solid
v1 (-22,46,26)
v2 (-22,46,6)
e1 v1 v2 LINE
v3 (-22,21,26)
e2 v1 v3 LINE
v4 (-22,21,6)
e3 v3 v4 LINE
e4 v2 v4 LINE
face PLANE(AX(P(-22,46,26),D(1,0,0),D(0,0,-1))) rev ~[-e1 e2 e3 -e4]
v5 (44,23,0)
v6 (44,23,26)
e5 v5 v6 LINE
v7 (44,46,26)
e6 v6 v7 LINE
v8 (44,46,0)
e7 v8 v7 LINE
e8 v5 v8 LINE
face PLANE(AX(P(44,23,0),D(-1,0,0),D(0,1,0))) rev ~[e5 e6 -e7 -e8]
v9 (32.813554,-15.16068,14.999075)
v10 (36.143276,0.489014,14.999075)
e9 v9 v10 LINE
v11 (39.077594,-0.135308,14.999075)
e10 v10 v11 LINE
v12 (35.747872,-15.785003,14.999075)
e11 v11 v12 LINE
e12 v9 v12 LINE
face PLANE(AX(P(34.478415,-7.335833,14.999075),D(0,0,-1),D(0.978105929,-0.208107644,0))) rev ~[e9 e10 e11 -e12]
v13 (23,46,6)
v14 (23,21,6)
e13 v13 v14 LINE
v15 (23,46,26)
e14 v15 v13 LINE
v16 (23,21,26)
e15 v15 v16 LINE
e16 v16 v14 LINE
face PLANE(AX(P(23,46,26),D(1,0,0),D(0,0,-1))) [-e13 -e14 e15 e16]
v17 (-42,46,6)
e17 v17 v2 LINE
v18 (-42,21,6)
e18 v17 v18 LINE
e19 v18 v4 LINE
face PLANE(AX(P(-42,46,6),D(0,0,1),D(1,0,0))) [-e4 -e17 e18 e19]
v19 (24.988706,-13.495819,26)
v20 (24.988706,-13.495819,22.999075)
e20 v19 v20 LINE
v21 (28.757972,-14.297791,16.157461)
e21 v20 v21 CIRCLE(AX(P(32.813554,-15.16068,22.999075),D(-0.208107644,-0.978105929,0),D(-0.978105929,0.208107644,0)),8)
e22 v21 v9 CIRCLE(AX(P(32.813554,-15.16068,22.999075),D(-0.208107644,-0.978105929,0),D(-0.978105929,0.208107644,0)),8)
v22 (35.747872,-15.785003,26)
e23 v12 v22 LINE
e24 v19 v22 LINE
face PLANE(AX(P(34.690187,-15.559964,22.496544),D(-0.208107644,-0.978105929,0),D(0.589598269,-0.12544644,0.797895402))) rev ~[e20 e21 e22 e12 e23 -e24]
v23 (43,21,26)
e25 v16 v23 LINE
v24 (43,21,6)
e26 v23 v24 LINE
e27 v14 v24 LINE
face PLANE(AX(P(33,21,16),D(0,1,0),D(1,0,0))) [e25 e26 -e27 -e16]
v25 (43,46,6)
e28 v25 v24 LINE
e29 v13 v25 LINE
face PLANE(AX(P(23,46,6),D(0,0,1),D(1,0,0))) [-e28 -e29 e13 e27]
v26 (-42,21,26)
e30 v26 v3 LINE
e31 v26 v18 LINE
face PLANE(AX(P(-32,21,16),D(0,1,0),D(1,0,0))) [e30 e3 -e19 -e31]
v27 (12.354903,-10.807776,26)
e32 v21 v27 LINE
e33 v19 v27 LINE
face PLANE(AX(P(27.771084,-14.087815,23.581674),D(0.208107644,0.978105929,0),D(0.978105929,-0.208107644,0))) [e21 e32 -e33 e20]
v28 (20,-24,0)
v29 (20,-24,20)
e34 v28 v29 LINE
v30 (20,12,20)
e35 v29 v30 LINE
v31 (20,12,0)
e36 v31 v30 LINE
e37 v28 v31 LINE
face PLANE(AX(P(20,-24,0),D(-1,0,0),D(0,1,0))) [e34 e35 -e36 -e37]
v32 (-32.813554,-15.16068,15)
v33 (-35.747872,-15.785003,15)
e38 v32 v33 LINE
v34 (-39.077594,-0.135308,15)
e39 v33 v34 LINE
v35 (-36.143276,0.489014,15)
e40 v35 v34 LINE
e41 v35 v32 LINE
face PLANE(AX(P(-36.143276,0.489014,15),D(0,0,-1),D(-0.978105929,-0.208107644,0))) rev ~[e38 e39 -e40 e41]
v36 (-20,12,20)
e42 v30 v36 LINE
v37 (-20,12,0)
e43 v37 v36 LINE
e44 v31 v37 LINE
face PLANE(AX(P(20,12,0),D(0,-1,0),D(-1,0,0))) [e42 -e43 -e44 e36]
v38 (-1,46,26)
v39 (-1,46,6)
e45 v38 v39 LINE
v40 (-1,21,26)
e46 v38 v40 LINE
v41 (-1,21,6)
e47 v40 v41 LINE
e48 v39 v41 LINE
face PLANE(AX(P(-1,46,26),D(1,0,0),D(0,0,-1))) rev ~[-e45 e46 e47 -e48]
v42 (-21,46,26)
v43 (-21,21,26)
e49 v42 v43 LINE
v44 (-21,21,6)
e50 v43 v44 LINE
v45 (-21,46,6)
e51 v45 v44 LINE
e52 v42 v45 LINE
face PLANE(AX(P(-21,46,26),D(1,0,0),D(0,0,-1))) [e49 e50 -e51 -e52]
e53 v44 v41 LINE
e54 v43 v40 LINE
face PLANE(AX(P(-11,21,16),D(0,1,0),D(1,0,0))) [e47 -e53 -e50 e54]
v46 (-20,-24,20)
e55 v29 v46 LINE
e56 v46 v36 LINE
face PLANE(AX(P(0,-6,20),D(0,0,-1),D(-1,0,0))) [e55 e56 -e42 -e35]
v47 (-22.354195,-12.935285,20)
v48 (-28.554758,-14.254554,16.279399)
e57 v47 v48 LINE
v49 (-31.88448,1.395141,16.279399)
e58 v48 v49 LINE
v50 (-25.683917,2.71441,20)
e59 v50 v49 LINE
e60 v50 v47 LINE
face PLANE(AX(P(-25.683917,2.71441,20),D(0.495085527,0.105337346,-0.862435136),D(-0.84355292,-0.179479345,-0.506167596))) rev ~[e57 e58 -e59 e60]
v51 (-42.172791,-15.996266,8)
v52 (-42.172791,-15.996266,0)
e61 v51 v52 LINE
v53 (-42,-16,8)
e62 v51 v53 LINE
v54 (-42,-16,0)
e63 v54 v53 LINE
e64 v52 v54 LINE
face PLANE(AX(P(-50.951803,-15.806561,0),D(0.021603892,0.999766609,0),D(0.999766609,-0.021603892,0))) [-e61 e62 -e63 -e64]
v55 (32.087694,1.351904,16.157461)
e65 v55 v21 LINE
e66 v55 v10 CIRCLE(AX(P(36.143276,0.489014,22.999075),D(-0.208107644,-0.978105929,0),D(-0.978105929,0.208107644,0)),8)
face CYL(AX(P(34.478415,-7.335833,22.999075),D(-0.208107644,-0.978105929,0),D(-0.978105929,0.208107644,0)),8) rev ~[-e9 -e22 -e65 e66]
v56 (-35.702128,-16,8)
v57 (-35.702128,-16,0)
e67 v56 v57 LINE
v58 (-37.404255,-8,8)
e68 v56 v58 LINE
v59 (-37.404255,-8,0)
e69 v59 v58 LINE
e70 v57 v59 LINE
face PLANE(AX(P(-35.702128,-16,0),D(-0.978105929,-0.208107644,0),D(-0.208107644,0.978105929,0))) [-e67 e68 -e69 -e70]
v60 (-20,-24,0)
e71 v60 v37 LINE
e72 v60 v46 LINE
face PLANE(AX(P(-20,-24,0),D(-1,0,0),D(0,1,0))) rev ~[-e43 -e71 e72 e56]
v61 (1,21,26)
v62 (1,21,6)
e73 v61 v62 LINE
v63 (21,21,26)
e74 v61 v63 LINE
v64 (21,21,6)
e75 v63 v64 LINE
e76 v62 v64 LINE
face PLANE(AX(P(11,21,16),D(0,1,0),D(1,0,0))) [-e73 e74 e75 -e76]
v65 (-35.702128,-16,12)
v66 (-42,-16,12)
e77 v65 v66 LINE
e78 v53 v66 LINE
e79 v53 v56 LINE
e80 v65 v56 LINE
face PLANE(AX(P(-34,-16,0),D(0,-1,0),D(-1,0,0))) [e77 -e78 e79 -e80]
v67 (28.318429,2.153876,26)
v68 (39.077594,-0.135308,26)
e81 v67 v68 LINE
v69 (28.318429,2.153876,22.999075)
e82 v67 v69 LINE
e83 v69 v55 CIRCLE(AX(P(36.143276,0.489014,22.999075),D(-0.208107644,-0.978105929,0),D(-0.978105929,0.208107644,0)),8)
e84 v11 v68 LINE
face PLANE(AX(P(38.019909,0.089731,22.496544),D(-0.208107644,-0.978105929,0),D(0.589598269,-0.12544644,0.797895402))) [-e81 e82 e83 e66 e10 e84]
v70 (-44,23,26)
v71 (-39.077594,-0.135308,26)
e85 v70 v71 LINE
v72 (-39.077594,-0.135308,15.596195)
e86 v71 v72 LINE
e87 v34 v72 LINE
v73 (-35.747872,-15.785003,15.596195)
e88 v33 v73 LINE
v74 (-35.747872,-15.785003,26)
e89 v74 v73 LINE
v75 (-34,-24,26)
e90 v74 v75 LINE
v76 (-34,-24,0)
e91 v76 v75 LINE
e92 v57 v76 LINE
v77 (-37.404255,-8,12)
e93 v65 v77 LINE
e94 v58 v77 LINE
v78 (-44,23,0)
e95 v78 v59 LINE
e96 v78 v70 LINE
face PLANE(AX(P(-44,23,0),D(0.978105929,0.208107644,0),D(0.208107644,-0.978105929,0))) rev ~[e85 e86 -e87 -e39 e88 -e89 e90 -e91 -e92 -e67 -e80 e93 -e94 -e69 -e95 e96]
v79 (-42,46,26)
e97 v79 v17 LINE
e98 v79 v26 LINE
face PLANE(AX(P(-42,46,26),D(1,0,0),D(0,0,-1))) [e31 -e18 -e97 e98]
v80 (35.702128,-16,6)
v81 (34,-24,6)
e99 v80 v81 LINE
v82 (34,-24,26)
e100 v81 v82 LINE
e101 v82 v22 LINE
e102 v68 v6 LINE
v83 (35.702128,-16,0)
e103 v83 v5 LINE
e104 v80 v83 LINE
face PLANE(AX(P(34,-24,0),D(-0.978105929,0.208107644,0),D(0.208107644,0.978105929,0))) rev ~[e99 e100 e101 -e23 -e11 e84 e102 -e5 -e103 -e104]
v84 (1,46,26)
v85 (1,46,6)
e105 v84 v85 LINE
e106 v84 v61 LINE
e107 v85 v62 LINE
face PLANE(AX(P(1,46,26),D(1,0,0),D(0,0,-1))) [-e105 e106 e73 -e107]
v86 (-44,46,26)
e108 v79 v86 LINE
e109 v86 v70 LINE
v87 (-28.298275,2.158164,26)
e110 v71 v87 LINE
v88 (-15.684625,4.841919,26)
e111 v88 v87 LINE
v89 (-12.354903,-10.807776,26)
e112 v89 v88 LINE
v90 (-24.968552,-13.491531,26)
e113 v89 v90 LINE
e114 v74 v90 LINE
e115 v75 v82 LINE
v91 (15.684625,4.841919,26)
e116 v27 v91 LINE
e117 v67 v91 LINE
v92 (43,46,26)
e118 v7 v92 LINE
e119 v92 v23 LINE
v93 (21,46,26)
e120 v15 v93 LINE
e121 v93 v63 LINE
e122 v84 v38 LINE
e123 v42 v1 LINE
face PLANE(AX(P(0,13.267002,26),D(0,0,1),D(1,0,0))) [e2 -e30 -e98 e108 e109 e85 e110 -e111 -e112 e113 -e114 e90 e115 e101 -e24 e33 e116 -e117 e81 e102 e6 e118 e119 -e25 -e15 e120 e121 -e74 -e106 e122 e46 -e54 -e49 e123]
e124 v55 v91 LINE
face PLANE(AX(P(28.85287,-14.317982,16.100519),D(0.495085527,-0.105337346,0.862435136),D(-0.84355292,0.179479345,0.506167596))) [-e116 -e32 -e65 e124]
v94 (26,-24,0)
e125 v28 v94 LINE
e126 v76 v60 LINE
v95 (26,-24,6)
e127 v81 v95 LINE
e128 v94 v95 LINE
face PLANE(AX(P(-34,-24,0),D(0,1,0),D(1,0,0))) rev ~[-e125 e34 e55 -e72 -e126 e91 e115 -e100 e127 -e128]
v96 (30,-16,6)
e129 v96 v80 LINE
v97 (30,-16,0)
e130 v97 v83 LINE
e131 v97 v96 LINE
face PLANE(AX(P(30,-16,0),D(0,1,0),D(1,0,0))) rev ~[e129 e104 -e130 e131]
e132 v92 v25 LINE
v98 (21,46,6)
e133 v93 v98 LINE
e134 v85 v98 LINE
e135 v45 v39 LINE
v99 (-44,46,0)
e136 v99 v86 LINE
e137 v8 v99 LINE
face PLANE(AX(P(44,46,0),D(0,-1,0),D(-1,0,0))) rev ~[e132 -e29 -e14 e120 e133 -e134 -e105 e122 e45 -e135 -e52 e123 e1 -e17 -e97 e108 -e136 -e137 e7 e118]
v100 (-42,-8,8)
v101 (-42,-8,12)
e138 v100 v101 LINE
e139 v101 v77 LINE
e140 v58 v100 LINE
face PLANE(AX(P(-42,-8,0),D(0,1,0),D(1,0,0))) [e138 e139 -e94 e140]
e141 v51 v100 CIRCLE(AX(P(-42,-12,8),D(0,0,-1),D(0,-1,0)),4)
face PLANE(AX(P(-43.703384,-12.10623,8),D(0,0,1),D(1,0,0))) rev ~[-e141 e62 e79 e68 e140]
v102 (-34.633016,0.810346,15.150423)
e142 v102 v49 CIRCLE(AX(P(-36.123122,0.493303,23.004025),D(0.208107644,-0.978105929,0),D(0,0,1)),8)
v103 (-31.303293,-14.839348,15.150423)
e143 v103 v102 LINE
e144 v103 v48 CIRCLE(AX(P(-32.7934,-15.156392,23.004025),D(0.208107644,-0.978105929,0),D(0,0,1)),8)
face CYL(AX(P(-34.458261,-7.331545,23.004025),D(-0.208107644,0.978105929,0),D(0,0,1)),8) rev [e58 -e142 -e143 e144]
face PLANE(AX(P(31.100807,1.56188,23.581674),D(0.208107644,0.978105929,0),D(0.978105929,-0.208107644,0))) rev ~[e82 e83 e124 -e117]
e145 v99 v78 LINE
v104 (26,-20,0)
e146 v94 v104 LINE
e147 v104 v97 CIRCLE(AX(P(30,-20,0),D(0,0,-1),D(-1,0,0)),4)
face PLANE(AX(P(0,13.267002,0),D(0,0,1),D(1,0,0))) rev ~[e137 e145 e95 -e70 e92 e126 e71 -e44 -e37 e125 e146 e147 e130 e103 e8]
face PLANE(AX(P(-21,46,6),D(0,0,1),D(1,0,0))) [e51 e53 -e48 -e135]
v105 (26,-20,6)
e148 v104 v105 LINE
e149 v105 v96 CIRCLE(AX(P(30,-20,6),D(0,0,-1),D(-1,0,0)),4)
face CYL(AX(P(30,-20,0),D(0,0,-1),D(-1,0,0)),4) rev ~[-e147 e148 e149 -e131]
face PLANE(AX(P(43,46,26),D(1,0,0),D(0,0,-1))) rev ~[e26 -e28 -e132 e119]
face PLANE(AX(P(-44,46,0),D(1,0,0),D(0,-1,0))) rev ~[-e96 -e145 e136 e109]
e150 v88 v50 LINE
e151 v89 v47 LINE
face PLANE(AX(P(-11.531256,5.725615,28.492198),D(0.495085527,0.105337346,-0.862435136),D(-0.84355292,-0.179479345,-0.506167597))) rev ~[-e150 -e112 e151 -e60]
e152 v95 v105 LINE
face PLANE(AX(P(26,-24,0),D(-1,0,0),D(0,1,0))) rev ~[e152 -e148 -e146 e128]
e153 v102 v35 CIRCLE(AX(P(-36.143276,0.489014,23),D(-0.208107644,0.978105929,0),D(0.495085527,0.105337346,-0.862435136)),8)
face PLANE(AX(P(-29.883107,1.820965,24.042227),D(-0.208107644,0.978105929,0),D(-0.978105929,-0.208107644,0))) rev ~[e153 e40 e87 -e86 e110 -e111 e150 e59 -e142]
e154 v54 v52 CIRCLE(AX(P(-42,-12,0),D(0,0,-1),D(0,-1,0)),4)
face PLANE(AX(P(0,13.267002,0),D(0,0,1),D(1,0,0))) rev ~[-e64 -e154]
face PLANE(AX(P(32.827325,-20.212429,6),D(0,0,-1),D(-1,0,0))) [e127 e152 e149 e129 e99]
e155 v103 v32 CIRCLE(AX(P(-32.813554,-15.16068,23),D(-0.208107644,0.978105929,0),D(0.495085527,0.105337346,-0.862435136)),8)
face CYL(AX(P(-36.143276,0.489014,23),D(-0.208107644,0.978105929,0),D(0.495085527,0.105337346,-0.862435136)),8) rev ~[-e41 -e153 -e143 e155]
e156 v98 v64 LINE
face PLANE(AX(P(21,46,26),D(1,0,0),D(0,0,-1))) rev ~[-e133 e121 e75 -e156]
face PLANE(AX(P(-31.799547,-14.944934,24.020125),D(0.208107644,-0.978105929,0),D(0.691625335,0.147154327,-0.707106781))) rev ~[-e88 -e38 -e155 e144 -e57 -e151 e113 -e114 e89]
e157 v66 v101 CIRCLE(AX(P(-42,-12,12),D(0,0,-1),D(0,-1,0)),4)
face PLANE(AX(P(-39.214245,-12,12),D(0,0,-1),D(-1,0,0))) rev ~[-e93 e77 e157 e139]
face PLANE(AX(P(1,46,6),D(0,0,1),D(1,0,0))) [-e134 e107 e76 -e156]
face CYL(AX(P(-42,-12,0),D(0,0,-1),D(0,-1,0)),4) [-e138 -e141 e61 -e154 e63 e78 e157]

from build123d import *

# Parameters (mm, degrees)
EXTRUDE_1_DEPTH      = 26
SKETCH_3_W           = 40
SKETCH_3_H           = 36
CUT_EXTRUDE_4_DEPTH  = 20
SKETCH_4_W           = 20
SKETCH_4_H           = 20
CUT_EXTRUDE_5_DEPTH  = 25
CUT_EXTRUDE_3_DEPTH  = 8
CUT_EXTRUDE_6_DEPTH  = 8
CUT_EXTRUDE_7_DEPTH  = 16
CUT_EXTRUDE_8_DEPTH  = 16
CUT_EXTRUDE_10_DEPTH = 6
EXTRUDE_3_DEPTH      = 12
CUT_EXTRUDE_11_DEPTH = 8


with BuildPart() as part:
    # 草图1 → 凸台-拉伸1 (new body)
    with BuildSketch(Plane.XY):
        Polygon((-34, -24), (34, -24), (44, 23), (44, 46), (-44, 46), (-44, 23), align=None)
    extrude(amount=EXTRUDE_1_DEPTH)

    # 草图3 → 切除-拉伸4 (cut)
    with BuildSketch(Plane(origin=(0, 0, 0), x_dir=(-1, 0, 0), z_dir=(0, 0, -1))):
        with Locations((0, -6)):
            Rectangle(SKETCH_3_W, SKETCH_3_H)
    extrude(amount=-CUT_EXTRUDE_4_DEPTH, mode=Mode.SUBTRACT)

    # 草图4 → 切除-拉伸5 (cut)
    with BuildSketch(Plane(origin=(0, 46, 0), x_dir=(1, 0, 0), z_dir=(0, 1, 0))):
        with Locations((33, -16)):
            Rectangle(SKETCH_4_W, SKETCH_4_H)
        with Locations((11, -16)):
            Rectangle(SKETCH_4_W, SKETCH_4_H)
        with Locations((-11, -16)):
            Rectangle(SKETCH_4_W, SKETCH_4_H)
        with Locations((-32, -16)):
            Rectangle(SKETCH_4_W, SKETCH_4_H)
    extrude(amount=-CUT_EXTRUDE_5_DEPTH, mode=Mode.SUBTRACT)

    # Sketch 3D_5 → 切除-拉伸3 (cut, symmetric)
    with BuildSketch(Plane(origin=(-26.633413551, -5.666683734, 23.004025099), x_dir=(-0.691625335103945, -0.14715432661786076, 0.7071067811865475), z_dir=(-0.2081076444648591, 0.9781059289848354, 0))):
        with BuildLine():
            Line((0, 0), (5.656854249, 5.656854249))
            Line((5.656854249, 5.656854249), (11.313708499, 0))
            ThreePointArc((11.313708499, 0), (5.656854249, -13.656854249), (0, 0))
        make_face()
    extrude(amount=CUT_EXTRUDE_3_DEPTH, both=True, mode=Mode.SUBTRACT)

    # Sketch 3D_6 → 切除-拉伸6 (cut, symmetric)
    with BuildSketch(Plane(origin=(34.478414998, -7.335832978, 14.99907516), x_dir=(0.5895982688198705, -0.12544644017993214, 0.7978954016979886), z_dir=(-0.20810764446495697, -0.9781059289848145, -6.6559639472978385e-12))):
        with BuildLine():
            Line((0, 0), (6.376045072, -8.439700449))
            Line((6.376045072, -8.439700449), (17.547318622, 0))
            Line((17.547318622, 0), (11.17127355, 8.439700449))
            Line((11.17127355, 8.439700449), (6.348906145, 14.822863662))
            Line((6.348906145, 14.822863662), (1.560795809, 11.205530619))
            ThreePointArc((1.560795809, 11.205530619), (-1.540343474, 5.926016705), (0, 0))
        make_face()
    extrude(amount=CUT_EXTRUDE_6_DEPTH, both=True, mode=Mode.SUBTRACT)

    # 草图7 → 切除-拉伸7 (cut)
    with BuildSketch(Plane(origin=(-1.664861156, 7.824847432, 0), x_dir=(0.9781059289848355, 0.2081076444648587, 0), z_dir=(0.2081076444648587, -0.9781059289848355, 0))):
        with BuildLine():
            Line((-24.556702047, 20), (-31.200844281, 16.10051891))
            ThreePointArc((-31.200844281, 16.10051891), (-33.152072653, 15.280030806), (-35.250185053, 15))
            Line((-35.250185053, 15), (-43.250185053, 15))
            Line((-43.250185053, 15), (-43.250185053, 23))
            ThreePointArc((-43.250185053, 23), (-40.3181561, 29.189965223), (-33.671267687, 30.842641134))
            Line((-33.671267687, 30.842641134), (-10.087245225, 28.492198282))
            Line((-10.087245225, 28.492198282), (-24.556702047, 20))
        make_face()
    extrude(amount=CUT_EXTRUDE_7_DEPTH, mode=Mode.SUBTRACT)

    # 草图11 → 切除-拉伸8 (cut)
    with BuildSketch(Plane(origin=(-1.664861156, -7.824847432, 0), x_dir=(0.9781059289845859, -0.2081076444660318, -1.1269708570671002e-12), z_dir=(0.20810764446603178, 0.9781059289845858, 5.296763028184159e-12))):
        with BuildLine():
            Line((31.200844283, -16.100518909), (14.333584528, -26))
            Line((14.333584528, -26), (32.666556858, -30.571318601))
            ThreePointArc((32.666556858, -30.571318601), (42.196349228, -26.968728166), (40.460809076, -16.92962956))
            Line((40.460809076, -16.92962956), (38.250185053, -14.99907516))
            Line((38.250185053, -14.99907516), (35.250185053, -15))
            ThreePointArc((35.250185053, -15), (33.152072655, -15.280030806), (31.200844283, -16.100518909))
        make_face()
    extrude(amount=CUT_EXTRUDE_8_DEPTH, mode=Mode.SUBTRACT)

    # 草图12 → 切除-拉伸10 (cut)
    with BuildSketch(Plane(origin=(0, 0, 0), x_dir=(-1, 0, 0), z_dir=(0, 0, -1))):
        with BuildLine():
            Line((-34, -24), (-26, -24))
            Line((-26, -24), (-26, -20))
            ThreePointArc((-26, -20), (-27.171572875, -17.171572875), (-30, -16))
            Line((-30, -16), (-34, -16))
            Line((-34, -16), (-39.007185212, -16))
            Line((-39.007185212, -16), (-39.007185212, -24))
            Line((-39.007185212, -24), (-34, -24))
        make_face()
    extrude(amount=-CUT_EXTRUDE_10_DEPTH, mode=Mode.SUBTRACT)

    # 草图13 → 凸台-拉伸3 (add)
    with BuildSketch(Plane(origin=(0, 0, 0), x_dir=(-1, 0, 0), z_dir=(0, 0, -1))):
        with BuildLine():
            Line((34, -16), (42, -16))
            ThreePointArc((42, -16), (46, -12), (42, -8))
            Line((42, -8), (38, -8))
            Line((38, -8), (34, -8))
            Line((34, -8), (34, -16))
        make_face()
    extrude(amount=-EXTRUDE_3_DEPTH)

    # 草图14 → 切除-拉伸11 (cut)
    with BuildSketch(Plane(origin=(0, 0, 0), x_dir=(-1, 0, 0), z_dir=(0, 0, -1))):
        Polygon((37.404255319, -8), (51.058505752, -8), (50.951803073, -15.80656107), (42, -16), (35.70212766, -16), align=None)
    extrude(amount=-CUT_EXTRUDE_11_DEPTH, mode=Mode.SUBTRACT)


solid = part.part
